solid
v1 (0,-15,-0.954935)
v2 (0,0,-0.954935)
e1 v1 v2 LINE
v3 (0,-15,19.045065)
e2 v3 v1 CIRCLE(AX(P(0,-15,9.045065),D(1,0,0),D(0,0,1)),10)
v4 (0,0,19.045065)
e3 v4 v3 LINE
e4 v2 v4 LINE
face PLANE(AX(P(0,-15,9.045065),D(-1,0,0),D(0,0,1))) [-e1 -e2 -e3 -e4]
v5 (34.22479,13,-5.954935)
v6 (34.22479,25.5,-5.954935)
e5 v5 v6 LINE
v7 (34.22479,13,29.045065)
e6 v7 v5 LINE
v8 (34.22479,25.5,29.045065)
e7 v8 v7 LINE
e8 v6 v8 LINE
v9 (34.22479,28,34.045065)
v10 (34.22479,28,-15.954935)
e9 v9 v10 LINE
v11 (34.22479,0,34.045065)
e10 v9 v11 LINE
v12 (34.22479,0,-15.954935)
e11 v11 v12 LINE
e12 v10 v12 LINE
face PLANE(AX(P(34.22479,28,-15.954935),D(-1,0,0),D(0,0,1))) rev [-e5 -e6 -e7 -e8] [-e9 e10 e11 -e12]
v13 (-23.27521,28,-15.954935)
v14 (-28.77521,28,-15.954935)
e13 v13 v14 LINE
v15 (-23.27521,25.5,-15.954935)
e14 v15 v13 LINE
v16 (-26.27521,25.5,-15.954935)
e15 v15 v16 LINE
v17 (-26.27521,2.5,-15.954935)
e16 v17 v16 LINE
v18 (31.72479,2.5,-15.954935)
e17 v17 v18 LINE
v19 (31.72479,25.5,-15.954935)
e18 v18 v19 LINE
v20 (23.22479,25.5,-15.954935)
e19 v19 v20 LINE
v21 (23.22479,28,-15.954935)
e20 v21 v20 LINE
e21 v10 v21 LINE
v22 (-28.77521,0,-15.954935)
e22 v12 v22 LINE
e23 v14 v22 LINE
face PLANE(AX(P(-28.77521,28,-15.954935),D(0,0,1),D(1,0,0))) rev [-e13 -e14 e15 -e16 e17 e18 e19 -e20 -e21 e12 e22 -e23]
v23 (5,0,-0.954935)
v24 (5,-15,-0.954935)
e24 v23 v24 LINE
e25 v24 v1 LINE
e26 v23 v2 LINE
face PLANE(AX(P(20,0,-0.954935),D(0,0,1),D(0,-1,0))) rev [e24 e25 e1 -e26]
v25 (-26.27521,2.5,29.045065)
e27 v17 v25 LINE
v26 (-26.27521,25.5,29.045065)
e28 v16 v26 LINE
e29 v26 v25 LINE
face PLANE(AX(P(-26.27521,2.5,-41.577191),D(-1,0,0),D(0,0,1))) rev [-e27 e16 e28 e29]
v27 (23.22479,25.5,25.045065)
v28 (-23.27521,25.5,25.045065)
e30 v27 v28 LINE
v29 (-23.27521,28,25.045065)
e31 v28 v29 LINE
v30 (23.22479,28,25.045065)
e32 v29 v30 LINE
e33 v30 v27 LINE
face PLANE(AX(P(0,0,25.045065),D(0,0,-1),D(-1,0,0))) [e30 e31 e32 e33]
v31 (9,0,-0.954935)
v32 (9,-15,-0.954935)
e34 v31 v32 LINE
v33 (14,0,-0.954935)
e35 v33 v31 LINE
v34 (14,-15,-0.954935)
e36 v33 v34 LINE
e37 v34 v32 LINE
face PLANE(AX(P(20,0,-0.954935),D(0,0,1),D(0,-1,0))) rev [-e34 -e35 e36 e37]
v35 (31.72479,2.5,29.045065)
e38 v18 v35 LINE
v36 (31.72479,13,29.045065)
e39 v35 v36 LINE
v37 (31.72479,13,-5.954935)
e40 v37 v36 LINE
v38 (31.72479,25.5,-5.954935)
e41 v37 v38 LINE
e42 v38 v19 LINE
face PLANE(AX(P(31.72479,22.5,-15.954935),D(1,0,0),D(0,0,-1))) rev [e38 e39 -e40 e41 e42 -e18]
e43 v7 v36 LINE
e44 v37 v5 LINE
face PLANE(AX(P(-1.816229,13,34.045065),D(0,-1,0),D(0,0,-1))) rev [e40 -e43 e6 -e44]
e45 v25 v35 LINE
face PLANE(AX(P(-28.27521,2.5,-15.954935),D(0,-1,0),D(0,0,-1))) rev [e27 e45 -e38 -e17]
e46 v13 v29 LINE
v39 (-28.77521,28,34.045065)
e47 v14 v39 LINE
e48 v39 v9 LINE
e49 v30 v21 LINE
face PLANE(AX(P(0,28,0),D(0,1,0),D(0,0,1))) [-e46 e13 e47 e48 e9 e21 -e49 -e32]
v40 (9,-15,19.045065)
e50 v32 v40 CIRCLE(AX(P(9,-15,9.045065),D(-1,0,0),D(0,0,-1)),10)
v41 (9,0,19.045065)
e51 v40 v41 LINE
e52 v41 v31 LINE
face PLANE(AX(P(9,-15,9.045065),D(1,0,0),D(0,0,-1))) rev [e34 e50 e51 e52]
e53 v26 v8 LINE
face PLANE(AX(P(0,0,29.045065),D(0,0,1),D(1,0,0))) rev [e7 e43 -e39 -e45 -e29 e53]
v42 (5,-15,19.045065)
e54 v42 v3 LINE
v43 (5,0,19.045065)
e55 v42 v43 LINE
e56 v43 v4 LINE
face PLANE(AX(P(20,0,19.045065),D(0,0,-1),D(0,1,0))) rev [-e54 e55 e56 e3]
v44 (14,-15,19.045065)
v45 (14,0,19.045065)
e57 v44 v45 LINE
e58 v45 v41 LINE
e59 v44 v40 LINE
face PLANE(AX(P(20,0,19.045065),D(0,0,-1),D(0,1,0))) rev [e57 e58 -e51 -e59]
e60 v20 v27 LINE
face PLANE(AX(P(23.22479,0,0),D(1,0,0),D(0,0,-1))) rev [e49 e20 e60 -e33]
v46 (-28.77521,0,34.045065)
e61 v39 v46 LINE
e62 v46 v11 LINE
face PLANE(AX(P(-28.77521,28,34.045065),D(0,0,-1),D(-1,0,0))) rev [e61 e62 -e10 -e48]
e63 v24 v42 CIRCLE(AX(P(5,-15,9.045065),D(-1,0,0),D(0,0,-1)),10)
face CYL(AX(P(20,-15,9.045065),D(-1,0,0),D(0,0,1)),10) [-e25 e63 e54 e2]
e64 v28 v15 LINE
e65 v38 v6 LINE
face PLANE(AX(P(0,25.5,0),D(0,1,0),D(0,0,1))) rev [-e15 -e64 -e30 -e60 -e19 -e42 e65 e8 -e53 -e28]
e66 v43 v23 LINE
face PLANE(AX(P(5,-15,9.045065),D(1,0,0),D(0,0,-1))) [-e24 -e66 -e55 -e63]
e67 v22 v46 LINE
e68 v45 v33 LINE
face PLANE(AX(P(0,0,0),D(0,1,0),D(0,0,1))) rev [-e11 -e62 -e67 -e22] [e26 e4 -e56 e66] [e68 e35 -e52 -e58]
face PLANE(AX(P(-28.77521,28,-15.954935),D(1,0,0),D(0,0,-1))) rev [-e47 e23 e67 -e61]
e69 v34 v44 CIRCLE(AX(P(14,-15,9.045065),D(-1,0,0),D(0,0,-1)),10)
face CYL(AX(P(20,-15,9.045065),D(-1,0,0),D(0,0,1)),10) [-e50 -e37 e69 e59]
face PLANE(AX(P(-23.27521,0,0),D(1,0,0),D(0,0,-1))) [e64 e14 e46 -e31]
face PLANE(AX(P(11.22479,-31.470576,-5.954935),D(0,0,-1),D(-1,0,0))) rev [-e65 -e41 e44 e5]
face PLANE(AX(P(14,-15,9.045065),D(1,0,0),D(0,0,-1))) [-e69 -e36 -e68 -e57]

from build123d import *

# Parameters (mm, degrees)
SKETCH1_W            = 63
SKETCH1_H            = 50
BOSS_EXTRUDE1_DEPTH  = 28
CUT_EXTRUDE1_START   = -5
SKETCH2_W            = 60
SKETCH2_H            = 20
CUT_EXTRUDE1_DEPTH   = 62.748305375
CUT_EXTRUDE2_REACH   = 57.807
SKETCH3_W            = 40
SKETCH3_H            = 35
CUT_EXTRUDE3_REACH   = 57.807
SKETCH4_W            = 23
SKETCH4_H            = 25
SKETCH5_W            = 2.5
SKETCH5_H            = 25.5
BOSS_EXTRUDE2_DEPTH  = 35
SKETCH6_W            = 30
SKETCH6_H            = 15
CUT_EXTRUDE4_DEPTH   = 2.5
SKETCH7_W            = 2.5
SKETCH7_H            = 10.5
BOSS_EXTRUDE3_DEPTH  = 25
SKETCH8_W            = 5
SKETCH8_H            = 15
BOSS_EXTRUDE4_DEPTH  = 2.5
SKETCH9_W            = 10
SKETCH9_H            = 5.5
BOSS_EXTRUDE5_DEPTH  = 2.5
BOSS_EXTRUDE6_DEPTH  = 20
CUT_EXTRUDE6_START   = -5
CUT_EXTRUDE6_DEPTH   = 4
CUT_EXTRUDE8_START   = -5
CUT_EXTRUDE8_DEPTH   = 3
CUT_EXTRUDE9_DEPTH   = 64.548692085
SKETCH16_W           = 60.5
SKETCH16_H           = 5.5
CUT_EXTRUDE10_DEPTH  = 9
SKETCH17_W           = 10
SKETCH17_H           = 5.5
CUT_EXTRUDE11_DEPTH  = 18.5
SKETCH18_W           = 4.5
SKETCH18_H           = 5.5
BOSS_EXTRUDE7_DEPTH  = 34
SKETCH23_W           = 58
SKETCH23_H           = 45
CUT_EXTRUDE14_DEPTH  = 23
SKETCH24_W           = 2.5
SKETCH24_H           = 35
CUT_EXTRUDE15_DEPTH  = 3
BOSS_EXTRUDE9_START  = 56
SKETCH25_W           = 44
SKETCH25_H           = 2.5
BOSS_EXTRUDE9_DEPTH  = 3
SKETCH26_W           = 10
SKETCH26_H           = 20
BOSS_EXTRUDE10_DEPTH = 2.5
SKETCH27_W           = 44
SKETCH27_H           = 2.5
BOSS_EXTRUDE11_DEPTH = 6.5
SKETCH28_W           = 46.5
SKETCH28_H           = 2.5
BOSS_EXTRUDE12_DEPTH = 7
SKETCH29_W           = 46.5
SKETCH29_H           = 2.5
CUT_EXTRUDE16_DEPTH  = 4


with BuildPart() as part:
    # Sketch1 → Boss-Extrude1 (new body)
    with BuildSketch(Plane(origin=(0, 0, 0), x_dir=(1, 0, 0), z_dir=(0, 1, 0))):
        with Locations((2.724790291, -9.045064868)):
            Rectangle(SKETCH1_W, SKETCH1_H)
    extrude(amount=BOSS_EXTRUDE1_DEPTH)

    # Sketch2 → Cut-Extrude1 (cut, through all)
    with BuildSketch(Plane.XY.offset(34.045064868).offset(CUT_EXTRUDE1_START)):
        with Locations((1.724790291, 12.5)):
            Rectangle(SKETCH2_W, SKETCH2_H)
    extrude(amount=-CUT_EXTRUDE1_DEPTH, mode=Mode.SUBTRACT)

    # Cut-Extrude2: up to this face of the body (flat: up to its plane)
    cut_extrude2_end = Plane(part.part.faces().sort_by_distance((1.724790291, 2.5, 6.545064868))[0])
    # Sketch3 → Cut-Extrude2 (cut, up to the picked face)
    with BuildSketch(Plane(origin=(0, 28, 0), x_dir=(1, 0, 0), z_dir=(0, 1, 0)), mode=Mode.PRIVATE) as cut_extrude2_sk1:
        with Locations((-8.775209709, -1.545064868)):
            Rectangle(SKETCH3_W, SKETCH3_H)
    cut_extrude2_tool1 = split(extrude(cut_extrude2_sk1.sketch, amount=-CUT_EXTRUDE2_REACH, mode=Mode.PRIVATE), bisect_by=cut_extrude2_end, keep=Keep.BOTH, mode=Mode.PRIVATE)
    add(cut_extrude2_tool1.solids().sort_by(Axis((-8.77521, 28, 1.545065), (0, -1, 0)))[0], mode=Mode.SUBTRACT)

    # Cut-Extrude3: up to this face of the body (flat: up to its plane)
    cut_extrude3_end = Plane(part.part.faces().sort_by_distance((1.529988083, 2.5, 6.512866155))[0])
    # Sketch4 → Cut-Extrude3 (cut, up to the picked face)
    with BuildSketch(Plane(origin=(0, 28, 0), x_dir=(1, 0, 0), z_dir=(0, 1, 0)), mode=Mode.PRIVATE) as cut_extrude3_sk1:
        with Locations((22.724790291, -6.545064868)):
            Rectangle(SKETCH4_W, SKETCH4_H)
    cut_extrude3_tool1 = split(extrude(cut_extrude3_sk1.sketch, amount=-CUT_EXTRUDE3_REACH, mode=Mode.PRIVATE), bisect_by=cut_extrude3_end, keep=Keep.BOTH, mode=Mode.PRIVATE)
    add(cut_extrude3_tool1.solids().sort_by(Axis((22.72479, 28, 6.545065), (0, -1, 0)))[0], mode=Mode.SUBTRACT)

    # Sketch5 → Boss-Extrude2 (add)
    with BuildSketch(Plane(origin=(0, 0, 19.045064868), x_dir=(-1, 0, 0), z_dir=(0, 0, -1))):
        with Locations((27.525209709, 15.25)):
            Rectangle(SKETCH5_W, SKETCH5_H)
    extrude(amount=BOSS_EXTRUDE2_DEPTH)

    # Sketch6 → Cut-Extrude4 (cut)
    with BuildSketch(Plane(origin=(34.224790291, 0, 0), x_dir=(0, 0, -1), z_dir=(1, 0, 0))):
        with Locations((-19.045064868, 20.5)):
            Rectangle(SKETCH6_W, SKETCH6_H)
    extrude(amount=-CUT_EXTRUDE4_DEPTH, mode=Mode.SUBTRACT)

    # Sketch7 → Boss-Extrude3 (add)
    with BuildSketch(Plane(origin=(0, 0, 19.045064868), x_dir=(-1, 0, 0), z_dir=(0, 0, -1))):
        with Locations((-32.974790291, 7.75)):
            Rectangle(SKETCH7_W, SKETCH7_H)
    extrude(amount=BOSS_EXTRUDE3_DEPTH)

    # Sketch8 → Boss-Extrude4 (add)
    with BuildSketch(Plane(origin=(31.724790291, 0, 0), x_dir=(0, 0, -1), z_dir=(1, 0, 0))):
        with Locations((-31.545064868, 20.5)):
            Rectangle(SKETCH8_W, SKETCH8_H)
    extrude(amount=BOSS_EXTRUDE4_DEPTH)

    # Sketch9 → Boss-Extrude5 (add)
    with BuildSketch(Plane(origin=(31.724790291, 0, 0), x_dir=(0, 0, -1), z_dir=(1, 0, 0))):
        with Locations((-24.045064868, 25.25)):
            Rectangle(SKETCH9_W, SKETCH9_H)
    extrude(amount=BOSS_EXTRUDE5_DEPTH)

    # Sketch11 → Boss-Extrude6 (add)
    with BuildSketch(Plane(origin=(0, 0, 0), x_dir=(0, 0, -1), z_dir=(1, 0, 0))):
        with BuildLine():
            Line((0.954935132, 0), (-19.045064868, 0))
            Line((-19.045064868, 0), (-19.045064868, -15))
            ThreePointArc((-19.045064868, -15), (-9.045064868, -25), (0.954935132, -15))
            Line((0.954935132, -15), (0.954935132, 0))
        make_face()
    extrude(amount=BOSS_EXTRUDE6_DEPTH)

    # Sketch12 → Cut-Extrude6 (cut)
    with BuildSketch(Plane.ZY.offset(CUT_EXTRUDE6_START)):
        with BuildLine():
            Line((19.045064868, -15), (19.045064868, 0))
            Line((19.045064868, 0), (-0.954935132, 0))
            Line((-0.954935132, 0), (-0.954935132, -15))
            ThreePointArc((-0.954935132, -15), (9.045064868, -25), (19.045064868, -15))
        make_face()
    extrude(amount=-CUT_EXTRUDE6_DEPTH, mode=Mode.SUBTRACT)

    # Sketch14 → Cut-Extrude8 (cut)
    with BuildSketch(Plane.ZY.offset(-9).offset(CUT_EXTRUDE8_START)):
        with BuildLine():
            Line((19.045064868, -15), (19.045064868, 0))
            Line((19.045064868, 0), (-0.954935132, 0))
            Line((-0.954935132, 0), (-0.954935132, -15))
            ThreePointArc((-0.954935132, -15), (9.045064868, -25), (19.045064868, -15))
        make_face()
    extrude(amount=-CUT_EXTRUDE8_DEPTH, mode=Mode.SUBTRACT)

    # Sketch15 → Cut-Extrude9 (cut, through all)
    with BuildSketch(Plane.ZY.offset(-17)):
        with BuildLine():
            Line((19.045064868, -15), (19.045064868, 0))
            Line((19.045064868, 0), (-0.954935132, 0))
            Line((-0.954935132, 0), (-0.954935132, -15))
            ThreePointArc((-0.954935132, -15), (9.045064868, -25), (19.045064868, -15))
        make_face()
    extrude(amount=-CUT_EXTRUDE9_DEPTH, mode=Mode.SUBTRACT)

    # Sketch16 → Cut-Extrude10 (cut)
    with BuildSketch(Plane(origin=(0, 0, 19.045064868), x_dir=(-1, 0, 0), z_dir=(0, 0, -1))):
        with Locations((-3.974790291, 25.25)):
            Rectangle(SKETCH16_W, SKETCH16_H)
    extrude(amount=-CUT_EXTRUDE10_DEPTH, mode=Mode.SUBTRACT)

    # Sketch17 → Cut-Extrude11 (cut)
    with BuildSketch(Plane.ZY.offset(-11.224790291)):
        with Locations((-10.954935132, 25.25)):
            Rectangle(SKETCH17_W, SKETCH17_H)
    extrude(amount=-CUT_EXTRUDE11_DEPTH, mode=Mode.SUBTRACT)

    # Sketch18 → Boss-Extrude7 (add)
    with BuildSketch(Plane.XY.offset(-5.954935132)):
        with Locations((31.974790291, 25.25)):
            Rectangle(SKETCH18_W, SKETCH18_H)
    extrude(amount=BOSS_EXTRUDE7_DEPTH)

    # Sketch23 → Cut-Extrude14 (cut)
    with BuildSketch(Plane(origin=(0, 2.5, 0), x_dir=(1, 0, 0), z_dir=(0, 1, 0))):
        with Locations((2.724790291, -6.545064868)):
            Rectangle(SKETCH23_W, SKETCH23_H)
    extrude(amount=CUT_EXTRUDE14_DEPTH, mode=Mode.SUBTRACT)

    # Sketch24 → Cut-Extrude15 (cut)
    with BuildSketch(Plane.XZ.offset(-22.5)):
        with Locations((32.974790291, 11.545064868)):
            Rectangle(SKETCH24_W, SKETCH24_H)
    extrude(amount=-CUT_EXTRUDE15_DEPTH, mode=Mode.SUBTRACT)

    # Sketch25 → Boss-Extrude9 (add)
    with BuildSketch(Plane.ZY.offset(-29.724790291).offset(BOSS_EXTRUDE9_START)):
        with Locations((6.045064868, 26.75)):
            Rectangle(SKETCH25_W, SKETCH25_H)
    extrude(amount=-BOSS_EXTRUDE9_DEPTH)

    # Sketch26 → Boss-Extrude10 (add)
    with BuildSketch(Plane.ZY.offset(28.775209709)):
        with Locations((24.045064868, 12.5)):
            Rectangle(SKETCH26_W, SKETCH26_H)
    extrude(amount=-BOSS_EXTRUDE10_DEPTH)

    # Sketch27 → Boss-Extrude11 (add)
    with BuildSketch(Plane.ZY.offset(-29.724790291)):
        with Locations((6.045064868, 26.75)):
            Rectangle(SKETCH27_W, SKETCH27_H)
    extrude(amount=BOSS_EXTRUDE11_DEPTH)

    # Sketch28 → Boss-Extrude12 (add)
    with BuildSketch(Plane(origin=(0, 0, 28.045064868), x_dir=(-1, 0, 0), z_dir=(0, 0, -1))):
        with Locations((0.025209709, 26.75)):
            Rectangle(SKETCH28_W, SKETCH28_H)
    extrude(amount=BOSS_EXTRUDE12_DEPTH)

    # Sketch29 → Cut-Extrude16 (cut)
    with BuildSketch(Plane(origin=(0, 0, 21.045064868), x_dir=(-1, 0, 0), z_dir=(0, 0, -1))):
        with Locations((0.025209709, 26.75)):
            Rectangle(SKETCH29_W, SKETCH29_H)
    extrude(amount=-CUT_EXTRUDE16_DEPTH, mode=Mode.SUBTRACT)


solid = part.part
